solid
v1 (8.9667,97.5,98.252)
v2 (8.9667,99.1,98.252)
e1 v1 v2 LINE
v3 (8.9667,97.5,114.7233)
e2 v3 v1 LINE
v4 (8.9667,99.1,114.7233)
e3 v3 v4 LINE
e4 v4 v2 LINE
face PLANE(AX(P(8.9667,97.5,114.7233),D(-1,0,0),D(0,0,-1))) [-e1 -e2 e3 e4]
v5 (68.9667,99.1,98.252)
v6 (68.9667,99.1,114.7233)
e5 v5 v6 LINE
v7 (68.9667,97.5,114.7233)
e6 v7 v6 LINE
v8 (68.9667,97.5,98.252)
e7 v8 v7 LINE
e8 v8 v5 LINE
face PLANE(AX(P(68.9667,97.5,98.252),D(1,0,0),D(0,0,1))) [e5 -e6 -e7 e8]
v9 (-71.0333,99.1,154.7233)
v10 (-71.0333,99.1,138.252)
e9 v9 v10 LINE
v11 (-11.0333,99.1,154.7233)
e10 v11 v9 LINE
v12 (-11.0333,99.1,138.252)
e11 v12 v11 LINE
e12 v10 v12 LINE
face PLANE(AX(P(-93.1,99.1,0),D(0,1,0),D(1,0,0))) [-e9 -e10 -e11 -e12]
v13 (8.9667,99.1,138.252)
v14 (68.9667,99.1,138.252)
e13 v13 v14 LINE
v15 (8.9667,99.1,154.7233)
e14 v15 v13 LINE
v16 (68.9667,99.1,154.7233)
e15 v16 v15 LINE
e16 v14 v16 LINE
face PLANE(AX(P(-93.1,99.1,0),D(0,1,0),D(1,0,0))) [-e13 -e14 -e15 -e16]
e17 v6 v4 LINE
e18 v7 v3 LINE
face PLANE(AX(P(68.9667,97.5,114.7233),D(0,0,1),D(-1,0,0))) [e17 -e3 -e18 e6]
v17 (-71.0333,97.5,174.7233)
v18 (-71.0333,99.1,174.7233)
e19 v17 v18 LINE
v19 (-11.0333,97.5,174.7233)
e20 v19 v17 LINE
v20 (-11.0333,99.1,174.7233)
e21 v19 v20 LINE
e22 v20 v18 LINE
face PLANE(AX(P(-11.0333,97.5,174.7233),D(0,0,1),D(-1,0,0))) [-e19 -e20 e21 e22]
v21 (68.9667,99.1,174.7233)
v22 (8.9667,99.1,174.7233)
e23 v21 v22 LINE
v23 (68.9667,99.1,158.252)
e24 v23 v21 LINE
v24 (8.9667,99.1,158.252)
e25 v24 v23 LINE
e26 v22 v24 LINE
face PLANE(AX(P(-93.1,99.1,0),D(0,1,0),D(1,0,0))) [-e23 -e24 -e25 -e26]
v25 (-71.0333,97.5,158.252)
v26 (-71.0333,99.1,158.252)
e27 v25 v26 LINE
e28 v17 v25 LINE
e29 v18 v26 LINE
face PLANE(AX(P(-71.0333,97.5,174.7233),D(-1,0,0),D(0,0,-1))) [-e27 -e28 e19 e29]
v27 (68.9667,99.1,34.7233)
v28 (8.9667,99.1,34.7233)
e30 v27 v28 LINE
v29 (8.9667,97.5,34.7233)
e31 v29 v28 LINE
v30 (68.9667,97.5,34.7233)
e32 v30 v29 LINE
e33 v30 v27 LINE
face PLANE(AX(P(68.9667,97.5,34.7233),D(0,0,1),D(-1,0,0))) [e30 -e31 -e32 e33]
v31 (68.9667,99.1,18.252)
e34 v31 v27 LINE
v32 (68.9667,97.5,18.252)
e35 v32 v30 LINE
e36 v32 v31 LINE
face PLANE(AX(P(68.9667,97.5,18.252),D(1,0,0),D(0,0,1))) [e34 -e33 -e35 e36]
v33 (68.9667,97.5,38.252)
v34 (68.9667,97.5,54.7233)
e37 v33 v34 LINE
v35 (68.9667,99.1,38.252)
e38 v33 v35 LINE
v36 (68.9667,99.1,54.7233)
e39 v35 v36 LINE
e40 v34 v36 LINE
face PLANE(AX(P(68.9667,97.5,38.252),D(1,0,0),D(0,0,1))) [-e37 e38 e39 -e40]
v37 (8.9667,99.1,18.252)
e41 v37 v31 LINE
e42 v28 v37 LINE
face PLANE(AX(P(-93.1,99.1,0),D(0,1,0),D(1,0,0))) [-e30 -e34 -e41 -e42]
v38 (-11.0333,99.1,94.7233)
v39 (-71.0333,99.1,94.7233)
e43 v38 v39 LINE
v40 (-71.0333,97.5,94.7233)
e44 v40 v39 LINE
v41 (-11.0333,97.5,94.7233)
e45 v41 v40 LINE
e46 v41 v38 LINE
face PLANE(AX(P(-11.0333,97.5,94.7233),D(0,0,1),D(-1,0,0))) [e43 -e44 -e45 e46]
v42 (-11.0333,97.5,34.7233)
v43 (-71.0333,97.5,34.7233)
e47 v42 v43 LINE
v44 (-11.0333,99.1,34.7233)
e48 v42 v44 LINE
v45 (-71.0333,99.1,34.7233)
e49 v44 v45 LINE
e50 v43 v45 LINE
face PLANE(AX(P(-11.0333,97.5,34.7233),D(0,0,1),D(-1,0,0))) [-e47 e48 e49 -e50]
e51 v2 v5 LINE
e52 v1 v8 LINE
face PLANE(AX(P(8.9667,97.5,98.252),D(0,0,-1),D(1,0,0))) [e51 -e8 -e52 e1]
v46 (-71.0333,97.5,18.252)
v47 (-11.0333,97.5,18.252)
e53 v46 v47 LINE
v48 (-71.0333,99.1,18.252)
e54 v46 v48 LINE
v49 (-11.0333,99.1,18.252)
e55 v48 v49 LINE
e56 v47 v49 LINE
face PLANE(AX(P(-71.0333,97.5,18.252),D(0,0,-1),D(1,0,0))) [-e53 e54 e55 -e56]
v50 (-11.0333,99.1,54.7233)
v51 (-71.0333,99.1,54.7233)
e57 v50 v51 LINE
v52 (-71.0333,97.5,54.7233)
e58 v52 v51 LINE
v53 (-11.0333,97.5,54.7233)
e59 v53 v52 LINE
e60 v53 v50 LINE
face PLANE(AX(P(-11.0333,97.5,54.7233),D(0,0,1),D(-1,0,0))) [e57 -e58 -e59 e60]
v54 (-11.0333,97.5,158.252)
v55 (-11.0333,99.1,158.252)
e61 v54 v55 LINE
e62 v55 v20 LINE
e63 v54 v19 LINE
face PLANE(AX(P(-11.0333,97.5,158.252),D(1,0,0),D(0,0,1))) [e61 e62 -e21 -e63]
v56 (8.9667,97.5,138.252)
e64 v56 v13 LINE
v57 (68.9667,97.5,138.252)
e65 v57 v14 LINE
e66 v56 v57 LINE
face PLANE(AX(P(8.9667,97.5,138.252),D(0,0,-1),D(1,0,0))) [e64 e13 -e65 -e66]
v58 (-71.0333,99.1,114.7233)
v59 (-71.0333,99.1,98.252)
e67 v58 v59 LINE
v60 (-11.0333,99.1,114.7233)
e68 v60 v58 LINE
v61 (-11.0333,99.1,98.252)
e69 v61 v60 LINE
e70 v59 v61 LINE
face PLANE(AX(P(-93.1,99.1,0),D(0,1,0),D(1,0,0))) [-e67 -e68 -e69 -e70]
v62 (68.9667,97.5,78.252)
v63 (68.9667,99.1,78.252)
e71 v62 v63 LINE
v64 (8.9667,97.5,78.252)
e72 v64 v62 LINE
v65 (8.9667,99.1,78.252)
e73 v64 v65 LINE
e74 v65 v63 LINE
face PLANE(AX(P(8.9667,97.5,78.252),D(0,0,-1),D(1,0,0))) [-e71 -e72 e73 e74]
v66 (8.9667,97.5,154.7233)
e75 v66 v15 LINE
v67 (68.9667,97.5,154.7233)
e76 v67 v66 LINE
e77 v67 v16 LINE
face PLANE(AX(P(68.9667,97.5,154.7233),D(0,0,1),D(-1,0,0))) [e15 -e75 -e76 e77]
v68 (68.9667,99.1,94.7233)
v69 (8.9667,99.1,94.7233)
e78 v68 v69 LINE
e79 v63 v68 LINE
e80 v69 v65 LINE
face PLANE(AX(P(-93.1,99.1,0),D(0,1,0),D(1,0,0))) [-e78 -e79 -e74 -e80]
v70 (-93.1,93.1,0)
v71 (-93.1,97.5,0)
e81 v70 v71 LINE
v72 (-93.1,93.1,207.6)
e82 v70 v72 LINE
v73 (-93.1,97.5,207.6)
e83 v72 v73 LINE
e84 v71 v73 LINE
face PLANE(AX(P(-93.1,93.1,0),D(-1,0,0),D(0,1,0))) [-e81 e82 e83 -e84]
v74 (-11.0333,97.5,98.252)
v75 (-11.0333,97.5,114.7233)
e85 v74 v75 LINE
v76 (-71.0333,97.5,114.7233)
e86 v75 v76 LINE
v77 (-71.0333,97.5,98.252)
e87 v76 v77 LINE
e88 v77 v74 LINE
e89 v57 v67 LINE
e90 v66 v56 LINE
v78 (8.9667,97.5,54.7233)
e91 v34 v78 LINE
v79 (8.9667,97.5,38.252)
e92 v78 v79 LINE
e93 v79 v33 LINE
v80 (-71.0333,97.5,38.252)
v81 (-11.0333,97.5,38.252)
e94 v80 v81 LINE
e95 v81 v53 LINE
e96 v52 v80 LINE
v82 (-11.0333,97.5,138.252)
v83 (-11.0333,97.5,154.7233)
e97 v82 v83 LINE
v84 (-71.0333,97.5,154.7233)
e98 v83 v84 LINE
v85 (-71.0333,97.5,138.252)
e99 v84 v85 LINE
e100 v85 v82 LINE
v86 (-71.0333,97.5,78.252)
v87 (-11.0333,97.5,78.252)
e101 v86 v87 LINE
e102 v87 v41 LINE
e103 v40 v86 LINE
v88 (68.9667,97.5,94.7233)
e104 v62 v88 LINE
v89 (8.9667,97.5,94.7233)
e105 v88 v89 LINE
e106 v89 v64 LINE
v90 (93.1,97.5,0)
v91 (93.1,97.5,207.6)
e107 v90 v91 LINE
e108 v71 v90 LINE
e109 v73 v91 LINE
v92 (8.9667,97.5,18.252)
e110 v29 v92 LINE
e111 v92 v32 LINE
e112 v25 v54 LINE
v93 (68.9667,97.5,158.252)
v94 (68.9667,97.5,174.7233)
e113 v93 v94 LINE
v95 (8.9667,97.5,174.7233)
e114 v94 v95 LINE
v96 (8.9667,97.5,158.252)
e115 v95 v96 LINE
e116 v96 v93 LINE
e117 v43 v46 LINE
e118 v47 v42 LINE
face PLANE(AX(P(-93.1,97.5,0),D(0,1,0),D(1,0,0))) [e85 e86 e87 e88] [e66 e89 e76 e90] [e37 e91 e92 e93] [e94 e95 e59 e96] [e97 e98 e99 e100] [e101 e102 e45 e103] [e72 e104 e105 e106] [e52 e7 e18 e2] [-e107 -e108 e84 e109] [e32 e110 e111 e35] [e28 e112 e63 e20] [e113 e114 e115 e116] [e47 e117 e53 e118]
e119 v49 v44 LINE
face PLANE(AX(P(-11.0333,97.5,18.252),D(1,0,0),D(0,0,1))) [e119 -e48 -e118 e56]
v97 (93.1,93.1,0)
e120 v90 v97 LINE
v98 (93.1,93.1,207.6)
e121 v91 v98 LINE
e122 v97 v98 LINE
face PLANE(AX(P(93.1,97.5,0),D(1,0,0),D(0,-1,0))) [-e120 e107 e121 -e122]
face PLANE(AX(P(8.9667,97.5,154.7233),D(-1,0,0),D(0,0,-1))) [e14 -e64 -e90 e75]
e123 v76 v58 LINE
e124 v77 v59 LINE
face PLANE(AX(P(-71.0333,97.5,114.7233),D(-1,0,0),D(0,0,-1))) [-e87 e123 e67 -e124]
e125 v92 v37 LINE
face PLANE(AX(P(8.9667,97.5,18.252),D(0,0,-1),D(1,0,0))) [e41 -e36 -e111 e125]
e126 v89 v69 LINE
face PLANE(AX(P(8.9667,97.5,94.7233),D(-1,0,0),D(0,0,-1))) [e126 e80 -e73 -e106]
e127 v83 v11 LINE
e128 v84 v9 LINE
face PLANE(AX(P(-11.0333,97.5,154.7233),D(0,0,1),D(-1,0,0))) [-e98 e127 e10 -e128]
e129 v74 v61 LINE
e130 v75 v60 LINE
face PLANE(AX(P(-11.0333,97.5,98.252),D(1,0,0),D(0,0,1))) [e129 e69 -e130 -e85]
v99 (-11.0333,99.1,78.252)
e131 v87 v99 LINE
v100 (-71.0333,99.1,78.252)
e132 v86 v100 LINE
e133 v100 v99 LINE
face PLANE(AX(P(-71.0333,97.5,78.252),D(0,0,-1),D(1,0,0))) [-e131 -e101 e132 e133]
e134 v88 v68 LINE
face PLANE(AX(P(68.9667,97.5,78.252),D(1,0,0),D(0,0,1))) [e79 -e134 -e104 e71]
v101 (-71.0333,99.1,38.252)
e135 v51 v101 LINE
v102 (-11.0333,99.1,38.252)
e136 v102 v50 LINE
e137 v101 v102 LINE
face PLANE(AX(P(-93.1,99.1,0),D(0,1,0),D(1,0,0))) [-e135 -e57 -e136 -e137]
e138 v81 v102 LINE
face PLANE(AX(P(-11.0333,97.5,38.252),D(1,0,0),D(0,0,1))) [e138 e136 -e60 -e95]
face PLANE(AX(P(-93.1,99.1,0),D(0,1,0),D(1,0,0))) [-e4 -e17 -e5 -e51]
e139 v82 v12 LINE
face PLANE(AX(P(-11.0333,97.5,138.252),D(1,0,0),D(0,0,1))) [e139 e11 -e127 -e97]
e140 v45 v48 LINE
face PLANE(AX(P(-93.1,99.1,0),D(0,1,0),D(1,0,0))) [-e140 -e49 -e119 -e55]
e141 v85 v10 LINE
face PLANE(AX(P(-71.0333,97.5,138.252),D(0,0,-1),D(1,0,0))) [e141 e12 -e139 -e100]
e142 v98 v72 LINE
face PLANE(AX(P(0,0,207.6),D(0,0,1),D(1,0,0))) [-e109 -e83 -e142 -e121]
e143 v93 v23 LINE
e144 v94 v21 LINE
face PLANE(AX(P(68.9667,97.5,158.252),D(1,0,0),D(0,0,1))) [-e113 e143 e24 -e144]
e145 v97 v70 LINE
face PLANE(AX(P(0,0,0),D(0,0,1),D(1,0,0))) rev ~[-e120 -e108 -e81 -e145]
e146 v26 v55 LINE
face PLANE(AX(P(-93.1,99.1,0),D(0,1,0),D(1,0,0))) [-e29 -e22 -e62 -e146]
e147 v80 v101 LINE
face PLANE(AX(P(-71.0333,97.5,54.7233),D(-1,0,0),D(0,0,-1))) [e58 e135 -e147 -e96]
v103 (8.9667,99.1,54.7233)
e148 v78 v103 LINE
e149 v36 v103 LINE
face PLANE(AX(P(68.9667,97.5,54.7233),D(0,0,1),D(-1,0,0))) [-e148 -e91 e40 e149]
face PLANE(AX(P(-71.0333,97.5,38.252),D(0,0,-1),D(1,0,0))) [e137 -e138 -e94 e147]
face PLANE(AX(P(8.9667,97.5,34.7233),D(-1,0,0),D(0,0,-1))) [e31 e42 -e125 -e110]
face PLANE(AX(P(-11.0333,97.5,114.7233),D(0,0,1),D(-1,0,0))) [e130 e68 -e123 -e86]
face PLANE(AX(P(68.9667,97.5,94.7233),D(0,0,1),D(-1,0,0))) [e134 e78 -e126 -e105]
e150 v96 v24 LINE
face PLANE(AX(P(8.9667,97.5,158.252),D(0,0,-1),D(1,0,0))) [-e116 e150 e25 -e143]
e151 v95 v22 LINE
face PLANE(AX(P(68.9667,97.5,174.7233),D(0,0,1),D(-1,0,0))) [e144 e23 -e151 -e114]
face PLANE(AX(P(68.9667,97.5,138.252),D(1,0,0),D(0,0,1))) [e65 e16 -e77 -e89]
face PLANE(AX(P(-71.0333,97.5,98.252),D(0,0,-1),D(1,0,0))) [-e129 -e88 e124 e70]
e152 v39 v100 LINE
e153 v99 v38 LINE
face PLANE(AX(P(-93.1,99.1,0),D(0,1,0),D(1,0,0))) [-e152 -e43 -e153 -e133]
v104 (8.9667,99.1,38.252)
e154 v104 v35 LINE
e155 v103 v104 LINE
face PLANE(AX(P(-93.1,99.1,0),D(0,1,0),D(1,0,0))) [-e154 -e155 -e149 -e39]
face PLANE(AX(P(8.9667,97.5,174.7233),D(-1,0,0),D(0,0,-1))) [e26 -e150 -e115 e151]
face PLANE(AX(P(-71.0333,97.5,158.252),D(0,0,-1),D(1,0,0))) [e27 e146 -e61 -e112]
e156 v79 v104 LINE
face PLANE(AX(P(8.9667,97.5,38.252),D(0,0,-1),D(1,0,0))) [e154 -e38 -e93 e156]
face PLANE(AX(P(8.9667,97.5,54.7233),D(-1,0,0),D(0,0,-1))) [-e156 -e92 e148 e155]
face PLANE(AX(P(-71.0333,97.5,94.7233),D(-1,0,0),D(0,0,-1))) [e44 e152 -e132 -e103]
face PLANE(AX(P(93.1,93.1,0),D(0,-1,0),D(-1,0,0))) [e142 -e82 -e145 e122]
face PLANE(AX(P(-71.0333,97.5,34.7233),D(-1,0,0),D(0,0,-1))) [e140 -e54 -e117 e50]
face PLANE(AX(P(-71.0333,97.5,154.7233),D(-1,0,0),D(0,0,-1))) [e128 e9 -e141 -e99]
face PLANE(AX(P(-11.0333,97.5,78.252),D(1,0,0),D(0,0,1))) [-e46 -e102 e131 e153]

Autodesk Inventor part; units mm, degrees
ref_plane "YZ Plane" through (0, 0, 0) normal (1, 0, 0) x (0, 1, 0)
ref_plane "XZ Plane" through (0, 0, 0) normal (0, 1, 0) x (-1, 0, 0)
ref_plane "Plano de trabajo1" through (0, 0, 0) normal (0, 0, 1) x (1, 0, 0)
sketch "Boceto1" plane through (0, 0, 0) normal (0, 0, 1) x (1, 0, 0)
  line L0 (97.5, 97.5) -> (-97.5, 97.5) construction
  line L1 (93.1, -97.5) -> (93.1, 97.5) construction
  line L2 (-93.1, -97.5) -> (-93.1, 97.5) construction
  line L3 (93.1, 93.1) -> (-93.1, 93.1)
  line L4 (-93.1, 93.1) -> (-93.1, 97.5)
  line L5 (-93.1, 97.5) -> (93.1, 97.5)
  line L6 (93.1, 97.5) -> (93.1, 93.1)
  point P0 (0, 0)
  dimension "d0" = 4.4
extrude "Extrusión1" add sketch "Boceto1" along normal blind 207.6
sketch "Boceto2" plane through (-93.1, 97.5, 0) normal (0, 1, 0) x (1, 0, 0)
  line L0 (22.0667, -18.252) -> (82.0667, -18.252)
  line L1 (82.0667, -18.252) -> (82.0667, -34.7233)
  line L2 (82.0667, -34.7233) -> (22.0667, -34.7233)
  line L3 (22.0667, -34.7233) -> (22.0667, -18.252)
  line L4 (102.0667, -18.252) -> (162.0667, -18.252)
  line L5 (162.0667, -18.252) -> (162.0667, -34.7233)
  line L6 (162.0667, -34.7233) -> (102.0667, -34.7233)
  line L7 (102.0667, -34.7233) -> (102.0667, -18.252)
  line L8 (22.0667, -38.252) -> (82.0667, -38.252)
  line L9 (82.0667, -38.252) -> (82.0667, -54.7233)
  line L10 (82.0667, -54.7233) -> (22.0667, -54.7233)
  line L11 (22.0667, -54.7233) -> (22.0667, -38.252)
  line L12 (102.0667, -38.252) -> (162.0667, -38.252)
  line L13 (162.0667, -38.252) -> (162.0667, -54.7233)
  line L14 (162.0667, -54.7233) -> (102.0667, -54.7233)
  line L15 (102.0667, -54.7233) -> (102.0667, -38.252)
  line L16 (0, 0) -> (0, -207.6) projected
  line L17 (82.0667, -114.7233) -> (22.0667, -114.7233)
  line L18 (22.0667, -78.252) -> (82.0667, -78.252)
  line L19 (82.0667, -78.252) -> (82.0667, -94.7233)
  line L20 (22.0667, -94.7233) -> (22.0667, -78.252)
  line L21 (22.0667, -98.252) -> (82.0667, -98.252)
  line L22 (82.0667, -98.252) -> (82.0667, -114.7233)
  line L23 (22.0667, -114.7233) -> (22.0667, -98.252)
  line L24 (102.0667, -94.7233) -> (102.0667, -78.252)
  line L25 (102.0667, -114.7233) -> (102.0667, -98.252)
  line L26 (102.0667, -78.252) -> (162.0667, -78.252)
  line L27 (162.0667, -78.252) -> (162.0667, -94.7233)
  line L28 (162.0667, -98.252) -> (162.0667, -114.7233)
  line L29 (162.0667, -114.7233) -> (102.0667, -114.7233)
  line L30 (102.0667, -98.252) -> (162.0667, -98.252)
  line L31 (162.0667, -94.7233) -> (102.0667, -94.7233)
  line L32 (82.0667, -94.7233) -> (22.0667, -94.7233)
  line L33 (82.0667, -174.7233) -> (22.0667, -174.7233)
  line L34 (22.0667, -138.252) -> (82.0667, -138.252)
  line L35 (82.0667, -138.252) -> (82.0667, -154.7233)
  line L36 (22.0667, -154.7233) -> (22.0667, -138.252)
  line L37 (22.0667, -158.252) -> (82.0667, -158.252)
  line L38 (82.0667, -158.252) -> (82.0667, -174.7233)
  line L39 (22.0667, -174.7233) -> (22.0667, -158.252)
  line L40 (102.0667, -154.7233) -> (102.0667, -138.252)
  line L41 (102.0667, -174.7233) -> (102.0667, -158.252)
  line L42 (102.0667, -138.252) -> (162.0667, -138.252)
  line L43 (162.0667, -138.252) -> (162.0667, -154.7233)
  line L44 (162.0667, -158.252) -> (162.0667, -174.7233)
  line L45 (162.0667, -174.7233) -> (102.0667, -174.7233)
  line L46 (102.0667, -158.252) -> (162.0667, -158.252)
  line L47 (162.0667, -154.7233) -> (102.0667, -154.7233)
  line L48 (82.0667, -154.7233) -> (22.0667, -154.7233)
  point P0 (93.1, 0)
  dimension "d5" = 80
  dimension "d8" = 20
  dimension "d11" = 22.0667
  dimension "d12" = 60
  dimension "d15" = 60
extrude "Extrusión2" add sketch "Boceto2" along normal blind 1.6
properties part number "AcrilicoY"
